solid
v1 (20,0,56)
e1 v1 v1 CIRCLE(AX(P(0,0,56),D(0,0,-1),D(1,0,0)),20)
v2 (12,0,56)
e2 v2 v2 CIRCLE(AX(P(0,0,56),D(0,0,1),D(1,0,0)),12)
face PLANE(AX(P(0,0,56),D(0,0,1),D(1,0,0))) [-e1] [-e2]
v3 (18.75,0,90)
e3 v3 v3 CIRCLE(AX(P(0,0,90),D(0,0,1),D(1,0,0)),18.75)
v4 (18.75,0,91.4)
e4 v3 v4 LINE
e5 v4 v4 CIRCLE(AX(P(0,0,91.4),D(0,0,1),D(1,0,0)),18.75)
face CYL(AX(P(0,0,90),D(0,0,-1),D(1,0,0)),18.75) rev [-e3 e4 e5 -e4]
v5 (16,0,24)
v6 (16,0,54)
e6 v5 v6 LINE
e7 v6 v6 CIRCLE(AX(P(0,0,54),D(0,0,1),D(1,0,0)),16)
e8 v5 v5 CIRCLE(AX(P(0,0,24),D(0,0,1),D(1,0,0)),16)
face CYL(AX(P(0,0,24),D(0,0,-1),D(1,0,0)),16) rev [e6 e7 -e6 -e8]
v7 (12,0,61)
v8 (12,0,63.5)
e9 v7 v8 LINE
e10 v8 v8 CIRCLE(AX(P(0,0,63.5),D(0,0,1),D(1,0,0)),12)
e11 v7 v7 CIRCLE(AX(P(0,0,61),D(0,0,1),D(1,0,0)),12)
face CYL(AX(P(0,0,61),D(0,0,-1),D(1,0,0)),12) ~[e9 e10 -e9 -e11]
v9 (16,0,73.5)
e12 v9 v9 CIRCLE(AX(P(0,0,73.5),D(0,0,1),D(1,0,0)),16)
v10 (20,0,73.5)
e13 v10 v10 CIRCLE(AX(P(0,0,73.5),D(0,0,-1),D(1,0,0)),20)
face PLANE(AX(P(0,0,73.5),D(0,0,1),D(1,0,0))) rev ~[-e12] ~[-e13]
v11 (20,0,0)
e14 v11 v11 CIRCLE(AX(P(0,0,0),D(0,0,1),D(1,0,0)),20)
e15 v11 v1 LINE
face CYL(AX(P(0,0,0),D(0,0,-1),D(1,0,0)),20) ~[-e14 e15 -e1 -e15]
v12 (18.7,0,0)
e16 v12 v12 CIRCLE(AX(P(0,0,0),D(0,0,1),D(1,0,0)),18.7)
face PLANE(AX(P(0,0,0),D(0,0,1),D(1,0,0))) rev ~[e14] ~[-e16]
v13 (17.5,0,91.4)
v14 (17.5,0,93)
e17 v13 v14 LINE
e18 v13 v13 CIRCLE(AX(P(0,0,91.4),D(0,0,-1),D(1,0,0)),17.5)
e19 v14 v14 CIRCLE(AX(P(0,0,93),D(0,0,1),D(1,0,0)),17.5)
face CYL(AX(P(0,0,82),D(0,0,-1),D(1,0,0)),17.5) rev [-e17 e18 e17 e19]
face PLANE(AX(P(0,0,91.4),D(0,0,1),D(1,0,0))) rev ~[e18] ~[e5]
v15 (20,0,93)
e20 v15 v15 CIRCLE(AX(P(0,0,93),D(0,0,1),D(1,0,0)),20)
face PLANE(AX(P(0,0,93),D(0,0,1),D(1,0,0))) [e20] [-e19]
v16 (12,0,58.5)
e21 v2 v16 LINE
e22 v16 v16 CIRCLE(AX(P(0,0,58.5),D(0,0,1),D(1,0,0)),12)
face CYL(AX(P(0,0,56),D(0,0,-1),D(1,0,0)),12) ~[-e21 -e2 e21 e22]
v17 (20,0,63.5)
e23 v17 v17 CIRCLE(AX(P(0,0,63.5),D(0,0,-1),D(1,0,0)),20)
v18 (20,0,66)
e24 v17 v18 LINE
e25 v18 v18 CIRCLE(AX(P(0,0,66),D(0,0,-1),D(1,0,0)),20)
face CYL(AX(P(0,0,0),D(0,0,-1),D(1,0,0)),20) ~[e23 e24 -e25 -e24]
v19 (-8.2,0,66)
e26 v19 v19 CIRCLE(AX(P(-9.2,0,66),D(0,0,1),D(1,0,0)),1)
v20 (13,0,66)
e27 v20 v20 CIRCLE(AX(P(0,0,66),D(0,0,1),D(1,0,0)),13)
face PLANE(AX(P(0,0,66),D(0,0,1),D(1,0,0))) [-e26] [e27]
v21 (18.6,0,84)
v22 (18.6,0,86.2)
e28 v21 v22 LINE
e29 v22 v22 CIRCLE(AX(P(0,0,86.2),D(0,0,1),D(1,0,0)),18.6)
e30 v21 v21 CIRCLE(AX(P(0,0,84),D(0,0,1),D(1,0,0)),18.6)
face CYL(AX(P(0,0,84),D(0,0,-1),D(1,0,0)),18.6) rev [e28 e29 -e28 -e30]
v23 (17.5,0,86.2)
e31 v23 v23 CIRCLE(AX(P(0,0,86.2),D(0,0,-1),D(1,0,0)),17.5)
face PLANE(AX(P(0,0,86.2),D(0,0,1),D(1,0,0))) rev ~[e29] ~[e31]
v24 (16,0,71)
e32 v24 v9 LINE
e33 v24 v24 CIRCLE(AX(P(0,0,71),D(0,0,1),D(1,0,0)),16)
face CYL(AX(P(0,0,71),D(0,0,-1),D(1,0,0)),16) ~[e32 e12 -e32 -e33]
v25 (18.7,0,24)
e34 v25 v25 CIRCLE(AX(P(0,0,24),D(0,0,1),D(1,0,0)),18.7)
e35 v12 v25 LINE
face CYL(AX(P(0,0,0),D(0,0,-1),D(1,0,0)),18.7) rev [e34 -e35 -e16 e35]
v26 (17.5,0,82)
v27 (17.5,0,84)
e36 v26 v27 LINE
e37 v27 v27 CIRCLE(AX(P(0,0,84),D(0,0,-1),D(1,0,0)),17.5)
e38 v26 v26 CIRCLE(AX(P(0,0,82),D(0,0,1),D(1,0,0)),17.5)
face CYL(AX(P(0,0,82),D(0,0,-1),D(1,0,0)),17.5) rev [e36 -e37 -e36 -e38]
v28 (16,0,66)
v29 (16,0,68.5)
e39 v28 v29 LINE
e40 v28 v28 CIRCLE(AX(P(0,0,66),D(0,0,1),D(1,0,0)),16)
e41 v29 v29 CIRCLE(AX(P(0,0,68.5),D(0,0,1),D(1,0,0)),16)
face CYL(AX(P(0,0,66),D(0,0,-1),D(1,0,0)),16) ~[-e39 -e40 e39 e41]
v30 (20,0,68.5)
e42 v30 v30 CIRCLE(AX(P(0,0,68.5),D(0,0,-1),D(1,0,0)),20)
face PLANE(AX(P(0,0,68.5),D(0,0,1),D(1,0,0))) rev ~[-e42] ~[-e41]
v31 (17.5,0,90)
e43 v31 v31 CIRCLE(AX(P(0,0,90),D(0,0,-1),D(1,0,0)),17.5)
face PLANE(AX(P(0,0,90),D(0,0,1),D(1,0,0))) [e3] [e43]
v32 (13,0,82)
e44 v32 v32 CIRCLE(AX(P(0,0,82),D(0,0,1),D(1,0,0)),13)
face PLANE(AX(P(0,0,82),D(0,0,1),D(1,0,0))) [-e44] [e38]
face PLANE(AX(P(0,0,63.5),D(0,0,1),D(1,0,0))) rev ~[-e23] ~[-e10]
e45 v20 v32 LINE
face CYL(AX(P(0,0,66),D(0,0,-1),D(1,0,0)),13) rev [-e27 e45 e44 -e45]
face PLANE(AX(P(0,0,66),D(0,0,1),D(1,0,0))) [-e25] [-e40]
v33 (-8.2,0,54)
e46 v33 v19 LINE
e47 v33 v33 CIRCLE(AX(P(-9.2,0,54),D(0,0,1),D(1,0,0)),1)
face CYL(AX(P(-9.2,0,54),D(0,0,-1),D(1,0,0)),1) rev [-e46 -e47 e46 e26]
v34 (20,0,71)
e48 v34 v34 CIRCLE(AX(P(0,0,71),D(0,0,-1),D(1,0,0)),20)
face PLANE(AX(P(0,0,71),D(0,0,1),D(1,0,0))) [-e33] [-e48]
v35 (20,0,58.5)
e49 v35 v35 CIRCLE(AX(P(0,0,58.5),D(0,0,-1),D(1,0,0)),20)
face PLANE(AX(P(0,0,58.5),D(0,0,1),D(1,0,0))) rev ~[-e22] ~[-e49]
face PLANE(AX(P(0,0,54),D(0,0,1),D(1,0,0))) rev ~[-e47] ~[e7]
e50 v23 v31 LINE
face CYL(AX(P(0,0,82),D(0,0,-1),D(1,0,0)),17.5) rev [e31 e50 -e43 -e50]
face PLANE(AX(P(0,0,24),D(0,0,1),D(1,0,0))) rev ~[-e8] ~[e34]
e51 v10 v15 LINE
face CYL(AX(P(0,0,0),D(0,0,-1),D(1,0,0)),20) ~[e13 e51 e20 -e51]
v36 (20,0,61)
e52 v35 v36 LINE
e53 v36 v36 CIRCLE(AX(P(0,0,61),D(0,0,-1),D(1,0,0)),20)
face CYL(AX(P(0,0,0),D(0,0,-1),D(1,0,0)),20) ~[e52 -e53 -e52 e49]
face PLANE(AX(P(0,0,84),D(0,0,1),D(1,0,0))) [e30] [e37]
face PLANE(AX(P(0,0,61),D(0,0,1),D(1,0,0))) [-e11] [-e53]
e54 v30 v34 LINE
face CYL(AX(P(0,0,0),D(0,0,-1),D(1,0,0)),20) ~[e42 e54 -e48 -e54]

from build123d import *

# Parameters (mm, degrees)
CYLINDER002_R     = 18.75
CYLINDER002_DEPTH = 1.4
CYLINDER001_R     = 18.6
CYLINDER001_DEPTH = 2.2
SKETCH_R          = 18.7
PAD_DEPTH         = 24
SKETCH001_R       = 16
PAD001_DEPTH      = 30
SKETCH002_R       = 1
PAD002_DEPTH      = 12
SKETCH003_R       = 13
PAD003_DEPTH      = 16
SKETCH004_R       = 17.5
PAD004_DEPTH      = 11
SKETCH008_R       = 22
SKETCH008_R_2     = 12
PAD008_DEPTH      = 2.5
SKETCH007_R       = 22
SKETCH007_R_2     = 12
PAD007_DEPTH      = 2.5
SKETCH006_R       = 22
SKETCH006_R_2     = 16
PAD006_DEPTH      = 2.5
SKETCH005_R       = 22
SKETCH005_R_2     = 16
PAD005_DEPTH      = 2.5
CYLINDER_R        = 20
CYLINDER_DEPTH    = 93


with BuildPart() as nut_sprengring_rb35:
    # Cylinder002 → Cylinder002 (new body)
    with BuildSketch(Plane.XY.offset(90)):
        Circle(CYLINDER002_R)
    extrude(amount=CYLINDER002_DEPTH)


with BuildPart() as nut_radial:
    # Cylinder001 → Cylinder001 (new body)
    with BuildSketch(Plane.XY.offset(84)):
        Circle(CYLINDER001_R)
    extrude(amount=CYLINDER001_DEPTH)


with BuildPart() as raum_glas:
    # Sketch → Pad (new body)
    with BuildSketch(Plane.XY):
        Circle(SKETCH_R)
    extrude(amount=PAD_DEPTH)

    # Sketch001 → Pad001 (new body)
    with BuildSketch(Plane.XY.offset(24)):
        Circle(SKETCH001_R)
    extrude(amount=PAD001_DEPTH)

    # Sketch002 → Pad002 (new body)
    with BuildSketch(Plane.XY.offset(54)):
        with Locations((-9.2, 0)):
            Circle(SKETCH002_R)
    extrude(amount=PAD002_DEPTH)

    # Sketch003 → Pad003 (new body)
    with BuildSketch(Plane.XY.offset(66)):
        Circle(SKETCH003_R)
    extrude(amount=PAD003_DEPTH)

    # Sketch004 → Pad004 (new body)
    with BuildSketch(Plane.XY.offset(82)):
        Circle(SKETCH004_R)
    extrude(amount=PAD004_DEPTH)


with BuildPart() as pad008:
    # Sketch008 → Pad008 (new body)
    with BuildSketch(Plane.XY.offset(56)):
        Circle(SKETCH008_R)
        Circle(SKETCH008_R_2, mode=Mode.SUBTRACT)
    extrude(amount=PAD008_DEPTH)


with BuildPart() as pad007:
    # Sketch007 → Pad007 (new body)
    with BuildSketch(Plane.XY.offset(61)):
        Circle(SKETCH007_R)
        Circle(SKETCH007_R_2, mode=Mode.SUBTRACT)
    extrude(amount=PAD007_DEPTH)


with BuildPart() as pad006:
    # Sketch006 → Pad006 (new body)
    with BuildSketch(Plane.XY.offset(71)):
        Circle(SKETCH006_R)
        Circle(SKETCH006_R_2, mode=Mode.SUBTRACT)
    extrude(amount=PAD006_DEPTH)


with BuildPart() as pad005:
    # Sketch005 → Pad005 (new body)
    with BuildSketch(Plane.XY.offset(66)):
        Circle(SKETCH005_R)
        Circle(SKETCH005_R_2, mode=Mode.SUBTRACT)
    extrude(amount=PAD005_DEPTH)


with BuildPart() as cut012:
    # Cylinder → Cylinder (new body)
    with BuildSketch(Plane.XY):
        Circle(CYLINDER_R)
    extrude(amount=CYLINDER_DEPTH)

    # Cut: cut Pad005
    add(pad005.part, mode=Mode.SUBTRACT)

    # Cut001: cut Pad006
    add(pad006.part, mode=Mode.SUBTRACT)

    # Cut002: cut Pad007
    add(pad007.part, mode=Mode.SUBTRACT)

    # Cut003: cut Pad008
    add(pad008.part, mode=Mode.SUBTRACT)

    # Cut010: cut Raum Glas
    add(raum_glas.part, mode=Mode.SUBTRACT)

    # Cut011: cut Nut Radial
    add(nut_radial.part, mode=Mode.SUBTRACT)

    # Cut012: cut Nut Sprengring RB35
    add(nut_sprengring_rb35.part, mode=Mode.SUBTRACT)


solid = cut012.part
